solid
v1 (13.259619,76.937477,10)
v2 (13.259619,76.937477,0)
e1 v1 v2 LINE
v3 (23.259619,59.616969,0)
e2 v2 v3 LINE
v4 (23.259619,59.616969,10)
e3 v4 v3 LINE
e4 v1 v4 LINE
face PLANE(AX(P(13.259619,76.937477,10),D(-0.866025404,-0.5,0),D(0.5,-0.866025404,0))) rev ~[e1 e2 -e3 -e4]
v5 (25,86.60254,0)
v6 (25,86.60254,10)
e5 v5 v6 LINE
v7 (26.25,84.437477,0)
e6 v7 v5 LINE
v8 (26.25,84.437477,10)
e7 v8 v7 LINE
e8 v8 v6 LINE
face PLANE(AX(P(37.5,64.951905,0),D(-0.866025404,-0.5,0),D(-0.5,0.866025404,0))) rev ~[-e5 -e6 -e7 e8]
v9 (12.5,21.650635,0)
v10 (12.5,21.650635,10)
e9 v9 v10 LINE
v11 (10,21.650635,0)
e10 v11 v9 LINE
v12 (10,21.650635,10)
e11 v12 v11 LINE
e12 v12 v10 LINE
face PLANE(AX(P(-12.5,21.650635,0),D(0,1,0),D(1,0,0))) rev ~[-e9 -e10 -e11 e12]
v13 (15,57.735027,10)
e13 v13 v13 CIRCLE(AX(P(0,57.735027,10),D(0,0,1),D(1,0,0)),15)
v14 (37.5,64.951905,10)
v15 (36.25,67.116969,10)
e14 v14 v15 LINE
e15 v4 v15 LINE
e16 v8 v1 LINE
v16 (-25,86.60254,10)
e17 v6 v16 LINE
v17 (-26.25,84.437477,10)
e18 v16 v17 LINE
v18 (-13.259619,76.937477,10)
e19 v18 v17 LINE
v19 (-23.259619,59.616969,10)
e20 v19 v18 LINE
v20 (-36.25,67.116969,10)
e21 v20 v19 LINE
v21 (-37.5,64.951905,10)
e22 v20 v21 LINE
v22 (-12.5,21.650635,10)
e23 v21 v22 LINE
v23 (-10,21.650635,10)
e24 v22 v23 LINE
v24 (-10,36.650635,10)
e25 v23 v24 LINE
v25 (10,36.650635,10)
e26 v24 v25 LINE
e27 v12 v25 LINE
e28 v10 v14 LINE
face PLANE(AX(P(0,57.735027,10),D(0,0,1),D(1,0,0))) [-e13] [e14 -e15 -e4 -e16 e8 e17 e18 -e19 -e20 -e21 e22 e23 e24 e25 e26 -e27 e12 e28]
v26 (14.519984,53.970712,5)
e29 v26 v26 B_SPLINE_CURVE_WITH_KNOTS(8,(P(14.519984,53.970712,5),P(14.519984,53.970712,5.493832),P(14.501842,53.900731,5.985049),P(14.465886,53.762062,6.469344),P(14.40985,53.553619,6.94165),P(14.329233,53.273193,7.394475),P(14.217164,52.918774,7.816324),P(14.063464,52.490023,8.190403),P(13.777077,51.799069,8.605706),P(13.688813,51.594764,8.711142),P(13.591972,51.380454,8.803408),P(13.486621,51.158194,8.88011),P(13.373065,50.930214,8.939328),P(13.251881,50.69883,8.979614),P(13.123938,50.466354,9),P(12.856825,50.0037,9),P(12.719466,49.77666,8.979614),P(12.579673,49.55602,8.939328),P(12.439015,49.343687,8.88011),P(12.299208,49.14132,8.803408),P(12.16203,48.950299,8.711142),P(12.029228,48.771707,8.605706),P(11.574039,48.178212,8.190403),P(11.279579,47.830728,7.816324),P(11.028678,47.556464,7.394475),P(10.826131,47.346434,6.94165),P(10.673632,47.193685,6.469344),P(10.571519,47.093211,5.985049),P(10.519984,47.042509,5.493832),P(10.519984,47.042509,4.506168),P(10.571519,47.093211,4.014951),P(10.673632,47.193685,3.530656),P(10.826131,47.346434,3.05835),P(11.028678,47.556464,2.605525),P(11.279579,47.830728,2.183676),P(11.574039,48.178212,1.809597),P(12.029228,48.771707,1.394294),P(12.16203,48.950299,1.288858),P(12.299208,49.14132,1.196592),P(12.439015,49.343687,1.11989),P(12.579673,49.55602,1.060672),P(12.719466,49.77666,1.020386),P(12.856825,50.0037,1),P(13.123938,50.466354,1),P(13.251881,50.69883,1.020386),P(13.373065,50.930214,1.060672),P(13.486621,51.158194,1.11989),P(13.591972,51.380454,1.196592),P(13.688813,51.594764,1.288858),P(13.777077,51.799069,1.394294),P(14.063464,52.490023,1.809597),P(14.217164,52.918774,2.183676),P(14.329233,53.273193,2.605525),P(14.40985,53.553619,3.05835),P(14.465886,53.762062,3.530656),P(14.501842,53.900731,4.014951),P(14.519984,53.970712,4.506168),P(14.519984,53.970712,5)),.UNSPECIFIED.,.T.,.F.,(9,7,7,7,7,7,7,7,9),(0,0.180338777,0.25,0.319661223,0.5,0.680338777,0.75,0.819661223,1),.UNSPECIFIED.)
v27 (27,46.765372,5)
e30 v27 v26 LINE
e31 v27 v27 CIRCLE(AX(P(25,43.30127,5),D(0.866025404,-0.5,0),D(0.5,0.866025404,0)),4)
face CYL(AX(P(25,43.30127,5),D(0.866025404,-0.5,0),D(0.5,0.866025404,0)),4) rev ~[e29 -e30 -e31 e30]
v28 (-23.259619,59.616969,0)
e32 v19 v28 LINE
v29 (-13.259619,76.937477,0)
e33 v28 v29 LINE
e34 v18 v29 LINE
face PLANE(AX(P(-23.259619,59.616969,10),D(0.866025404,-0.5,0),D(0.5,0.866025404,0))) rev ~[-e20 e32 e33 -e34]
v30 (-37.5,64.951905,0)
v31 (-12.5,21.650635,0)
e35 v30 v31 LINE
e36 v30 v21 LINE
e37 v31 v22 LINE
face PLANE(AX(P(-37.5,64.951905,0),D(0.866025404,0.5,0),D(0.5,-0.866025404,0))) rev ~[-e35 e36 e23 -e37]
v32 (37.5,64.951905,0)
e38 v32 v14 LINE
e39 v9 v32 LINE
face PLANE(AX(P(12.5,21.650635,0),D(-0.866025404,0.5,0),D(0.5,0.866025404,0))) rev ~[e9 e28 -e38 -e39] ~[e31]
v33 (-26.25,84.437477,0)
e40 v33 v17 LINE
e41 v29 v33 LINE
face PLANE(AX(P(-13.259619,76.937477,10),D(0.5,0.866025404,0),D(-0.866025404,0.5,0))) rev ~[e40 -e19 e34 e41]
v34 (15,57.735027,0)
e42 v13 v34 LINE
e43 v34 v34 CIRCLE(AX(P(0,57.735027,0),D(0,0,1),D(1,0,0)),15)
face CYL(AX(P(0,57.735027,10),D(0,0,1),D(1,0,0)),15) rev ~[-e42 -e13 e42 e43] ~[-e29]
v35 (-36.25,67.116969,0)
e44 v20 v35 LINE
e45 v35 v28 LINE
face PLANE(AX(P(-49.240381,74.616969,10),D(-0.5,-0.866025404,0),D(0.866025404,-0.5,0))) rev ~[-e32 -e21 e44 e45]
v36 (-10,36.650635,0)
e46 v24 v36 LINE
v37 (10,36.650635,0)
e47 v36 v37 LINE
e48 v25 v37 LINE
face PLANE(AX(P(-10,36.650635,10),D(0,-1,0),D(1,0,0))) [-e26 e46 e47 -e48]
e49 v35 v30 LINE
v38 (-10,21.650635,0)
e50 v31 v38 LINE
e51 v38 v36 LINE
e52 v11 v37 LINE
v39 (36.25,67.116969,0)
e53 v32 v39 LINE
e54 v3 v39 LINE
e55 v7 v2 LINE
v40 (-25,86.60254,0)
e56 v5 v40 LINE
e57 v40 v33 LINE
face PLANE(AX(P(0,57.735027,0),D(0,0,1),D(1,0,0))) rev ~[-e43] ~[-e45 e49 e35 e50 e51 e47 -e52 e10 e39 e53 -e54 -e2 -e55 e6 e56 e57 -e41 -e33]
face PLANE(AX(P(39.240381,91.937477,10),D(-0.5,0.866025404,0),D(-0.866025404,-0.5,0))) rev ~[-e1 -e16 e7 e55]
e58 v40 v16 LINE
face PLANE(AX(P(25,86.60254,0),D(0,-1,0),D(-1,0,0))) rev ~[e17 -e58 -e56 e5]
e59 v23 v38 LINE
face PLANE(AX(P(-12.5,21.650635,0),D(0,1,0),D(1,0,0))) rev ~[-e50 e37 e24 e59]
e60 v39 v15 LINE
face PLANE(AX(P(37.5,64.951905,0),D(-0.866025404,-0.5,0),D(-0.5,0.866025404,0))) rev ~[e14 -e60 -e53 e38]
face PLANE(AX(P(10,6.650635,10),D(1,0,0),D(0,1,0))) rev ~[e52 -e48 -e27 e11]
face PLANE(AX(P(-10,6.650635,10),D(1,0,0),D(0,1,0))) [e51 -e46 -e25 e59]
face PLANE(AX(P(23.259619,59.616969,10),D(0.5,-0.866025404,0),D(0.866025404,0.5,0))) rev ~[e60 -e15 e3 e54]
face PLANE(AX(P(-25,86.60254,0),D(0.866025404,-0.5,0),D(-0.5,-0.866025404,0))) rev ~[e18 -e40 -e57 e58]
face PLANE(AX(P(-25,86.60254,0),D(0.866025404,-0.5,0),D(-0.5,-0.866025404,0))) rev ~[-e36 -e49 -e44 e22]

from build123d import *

# Parameters (mm, degrees)
F1_DEPTH = 10
F2_W     = 20
F2_H     = 30
F2_R     = 15
F3_DEPTH = 10.001
F4_R     = 4
F5_DEPTH = 15.4106812647


with BuildPart() as f1:
    # F0 (on Top) → F1 (new body)
    with BuildSketch(Plane.XY):
        Polygon((25, 86.6025403784), (-25, 86.6025403784), (-37.5, 64.9519052838), (-12.5, 21.6506350946), (12.5, 21.6506350946), (37.5, 64.9519052838), align=None)
    extrude(amount=F1_DEPTH)

    # F2 (on face) → F3 (cut, through all)
    with BuildSketch(Plane.XY.offset(10)):
        with Locations((0, 21.6506350946)):
            Rectangle(F2_W, F2_H)
        Polygon((-49.2403810568, 74.6169687933), (-23.2596189432, 59.6169687933), (-13.2596189432, 76.937476869), (-39.2403810568, 91.937476869), align=None)
        Polygon((39.2403810568, 91.937476869), (13.2596189432, 76.937476869), (23.2596189432, 59.6169687933), (49.2403810568, 74.6169687933), align=None)
        with Locations((0, 57.735026919)):
            Circle(F2_R)
    extrude(amount=-F3_DEPTH, mode=Mode.SUBTRACT)

    # F4 (on face) → F5 (cut, up to face)
    with BuildSketch(Plane(origin=(0, 0, 0), x_dir=(0.5, 0.8660254038, 0), z_dir=(0.8660254038, -0.5, 0))):
        with Locations((50, 5)):
            Circle(F4_R)
    extrude(amount=-F5_DEPTH, mode=Mode.SUBTRACT)


solid = f1.part
